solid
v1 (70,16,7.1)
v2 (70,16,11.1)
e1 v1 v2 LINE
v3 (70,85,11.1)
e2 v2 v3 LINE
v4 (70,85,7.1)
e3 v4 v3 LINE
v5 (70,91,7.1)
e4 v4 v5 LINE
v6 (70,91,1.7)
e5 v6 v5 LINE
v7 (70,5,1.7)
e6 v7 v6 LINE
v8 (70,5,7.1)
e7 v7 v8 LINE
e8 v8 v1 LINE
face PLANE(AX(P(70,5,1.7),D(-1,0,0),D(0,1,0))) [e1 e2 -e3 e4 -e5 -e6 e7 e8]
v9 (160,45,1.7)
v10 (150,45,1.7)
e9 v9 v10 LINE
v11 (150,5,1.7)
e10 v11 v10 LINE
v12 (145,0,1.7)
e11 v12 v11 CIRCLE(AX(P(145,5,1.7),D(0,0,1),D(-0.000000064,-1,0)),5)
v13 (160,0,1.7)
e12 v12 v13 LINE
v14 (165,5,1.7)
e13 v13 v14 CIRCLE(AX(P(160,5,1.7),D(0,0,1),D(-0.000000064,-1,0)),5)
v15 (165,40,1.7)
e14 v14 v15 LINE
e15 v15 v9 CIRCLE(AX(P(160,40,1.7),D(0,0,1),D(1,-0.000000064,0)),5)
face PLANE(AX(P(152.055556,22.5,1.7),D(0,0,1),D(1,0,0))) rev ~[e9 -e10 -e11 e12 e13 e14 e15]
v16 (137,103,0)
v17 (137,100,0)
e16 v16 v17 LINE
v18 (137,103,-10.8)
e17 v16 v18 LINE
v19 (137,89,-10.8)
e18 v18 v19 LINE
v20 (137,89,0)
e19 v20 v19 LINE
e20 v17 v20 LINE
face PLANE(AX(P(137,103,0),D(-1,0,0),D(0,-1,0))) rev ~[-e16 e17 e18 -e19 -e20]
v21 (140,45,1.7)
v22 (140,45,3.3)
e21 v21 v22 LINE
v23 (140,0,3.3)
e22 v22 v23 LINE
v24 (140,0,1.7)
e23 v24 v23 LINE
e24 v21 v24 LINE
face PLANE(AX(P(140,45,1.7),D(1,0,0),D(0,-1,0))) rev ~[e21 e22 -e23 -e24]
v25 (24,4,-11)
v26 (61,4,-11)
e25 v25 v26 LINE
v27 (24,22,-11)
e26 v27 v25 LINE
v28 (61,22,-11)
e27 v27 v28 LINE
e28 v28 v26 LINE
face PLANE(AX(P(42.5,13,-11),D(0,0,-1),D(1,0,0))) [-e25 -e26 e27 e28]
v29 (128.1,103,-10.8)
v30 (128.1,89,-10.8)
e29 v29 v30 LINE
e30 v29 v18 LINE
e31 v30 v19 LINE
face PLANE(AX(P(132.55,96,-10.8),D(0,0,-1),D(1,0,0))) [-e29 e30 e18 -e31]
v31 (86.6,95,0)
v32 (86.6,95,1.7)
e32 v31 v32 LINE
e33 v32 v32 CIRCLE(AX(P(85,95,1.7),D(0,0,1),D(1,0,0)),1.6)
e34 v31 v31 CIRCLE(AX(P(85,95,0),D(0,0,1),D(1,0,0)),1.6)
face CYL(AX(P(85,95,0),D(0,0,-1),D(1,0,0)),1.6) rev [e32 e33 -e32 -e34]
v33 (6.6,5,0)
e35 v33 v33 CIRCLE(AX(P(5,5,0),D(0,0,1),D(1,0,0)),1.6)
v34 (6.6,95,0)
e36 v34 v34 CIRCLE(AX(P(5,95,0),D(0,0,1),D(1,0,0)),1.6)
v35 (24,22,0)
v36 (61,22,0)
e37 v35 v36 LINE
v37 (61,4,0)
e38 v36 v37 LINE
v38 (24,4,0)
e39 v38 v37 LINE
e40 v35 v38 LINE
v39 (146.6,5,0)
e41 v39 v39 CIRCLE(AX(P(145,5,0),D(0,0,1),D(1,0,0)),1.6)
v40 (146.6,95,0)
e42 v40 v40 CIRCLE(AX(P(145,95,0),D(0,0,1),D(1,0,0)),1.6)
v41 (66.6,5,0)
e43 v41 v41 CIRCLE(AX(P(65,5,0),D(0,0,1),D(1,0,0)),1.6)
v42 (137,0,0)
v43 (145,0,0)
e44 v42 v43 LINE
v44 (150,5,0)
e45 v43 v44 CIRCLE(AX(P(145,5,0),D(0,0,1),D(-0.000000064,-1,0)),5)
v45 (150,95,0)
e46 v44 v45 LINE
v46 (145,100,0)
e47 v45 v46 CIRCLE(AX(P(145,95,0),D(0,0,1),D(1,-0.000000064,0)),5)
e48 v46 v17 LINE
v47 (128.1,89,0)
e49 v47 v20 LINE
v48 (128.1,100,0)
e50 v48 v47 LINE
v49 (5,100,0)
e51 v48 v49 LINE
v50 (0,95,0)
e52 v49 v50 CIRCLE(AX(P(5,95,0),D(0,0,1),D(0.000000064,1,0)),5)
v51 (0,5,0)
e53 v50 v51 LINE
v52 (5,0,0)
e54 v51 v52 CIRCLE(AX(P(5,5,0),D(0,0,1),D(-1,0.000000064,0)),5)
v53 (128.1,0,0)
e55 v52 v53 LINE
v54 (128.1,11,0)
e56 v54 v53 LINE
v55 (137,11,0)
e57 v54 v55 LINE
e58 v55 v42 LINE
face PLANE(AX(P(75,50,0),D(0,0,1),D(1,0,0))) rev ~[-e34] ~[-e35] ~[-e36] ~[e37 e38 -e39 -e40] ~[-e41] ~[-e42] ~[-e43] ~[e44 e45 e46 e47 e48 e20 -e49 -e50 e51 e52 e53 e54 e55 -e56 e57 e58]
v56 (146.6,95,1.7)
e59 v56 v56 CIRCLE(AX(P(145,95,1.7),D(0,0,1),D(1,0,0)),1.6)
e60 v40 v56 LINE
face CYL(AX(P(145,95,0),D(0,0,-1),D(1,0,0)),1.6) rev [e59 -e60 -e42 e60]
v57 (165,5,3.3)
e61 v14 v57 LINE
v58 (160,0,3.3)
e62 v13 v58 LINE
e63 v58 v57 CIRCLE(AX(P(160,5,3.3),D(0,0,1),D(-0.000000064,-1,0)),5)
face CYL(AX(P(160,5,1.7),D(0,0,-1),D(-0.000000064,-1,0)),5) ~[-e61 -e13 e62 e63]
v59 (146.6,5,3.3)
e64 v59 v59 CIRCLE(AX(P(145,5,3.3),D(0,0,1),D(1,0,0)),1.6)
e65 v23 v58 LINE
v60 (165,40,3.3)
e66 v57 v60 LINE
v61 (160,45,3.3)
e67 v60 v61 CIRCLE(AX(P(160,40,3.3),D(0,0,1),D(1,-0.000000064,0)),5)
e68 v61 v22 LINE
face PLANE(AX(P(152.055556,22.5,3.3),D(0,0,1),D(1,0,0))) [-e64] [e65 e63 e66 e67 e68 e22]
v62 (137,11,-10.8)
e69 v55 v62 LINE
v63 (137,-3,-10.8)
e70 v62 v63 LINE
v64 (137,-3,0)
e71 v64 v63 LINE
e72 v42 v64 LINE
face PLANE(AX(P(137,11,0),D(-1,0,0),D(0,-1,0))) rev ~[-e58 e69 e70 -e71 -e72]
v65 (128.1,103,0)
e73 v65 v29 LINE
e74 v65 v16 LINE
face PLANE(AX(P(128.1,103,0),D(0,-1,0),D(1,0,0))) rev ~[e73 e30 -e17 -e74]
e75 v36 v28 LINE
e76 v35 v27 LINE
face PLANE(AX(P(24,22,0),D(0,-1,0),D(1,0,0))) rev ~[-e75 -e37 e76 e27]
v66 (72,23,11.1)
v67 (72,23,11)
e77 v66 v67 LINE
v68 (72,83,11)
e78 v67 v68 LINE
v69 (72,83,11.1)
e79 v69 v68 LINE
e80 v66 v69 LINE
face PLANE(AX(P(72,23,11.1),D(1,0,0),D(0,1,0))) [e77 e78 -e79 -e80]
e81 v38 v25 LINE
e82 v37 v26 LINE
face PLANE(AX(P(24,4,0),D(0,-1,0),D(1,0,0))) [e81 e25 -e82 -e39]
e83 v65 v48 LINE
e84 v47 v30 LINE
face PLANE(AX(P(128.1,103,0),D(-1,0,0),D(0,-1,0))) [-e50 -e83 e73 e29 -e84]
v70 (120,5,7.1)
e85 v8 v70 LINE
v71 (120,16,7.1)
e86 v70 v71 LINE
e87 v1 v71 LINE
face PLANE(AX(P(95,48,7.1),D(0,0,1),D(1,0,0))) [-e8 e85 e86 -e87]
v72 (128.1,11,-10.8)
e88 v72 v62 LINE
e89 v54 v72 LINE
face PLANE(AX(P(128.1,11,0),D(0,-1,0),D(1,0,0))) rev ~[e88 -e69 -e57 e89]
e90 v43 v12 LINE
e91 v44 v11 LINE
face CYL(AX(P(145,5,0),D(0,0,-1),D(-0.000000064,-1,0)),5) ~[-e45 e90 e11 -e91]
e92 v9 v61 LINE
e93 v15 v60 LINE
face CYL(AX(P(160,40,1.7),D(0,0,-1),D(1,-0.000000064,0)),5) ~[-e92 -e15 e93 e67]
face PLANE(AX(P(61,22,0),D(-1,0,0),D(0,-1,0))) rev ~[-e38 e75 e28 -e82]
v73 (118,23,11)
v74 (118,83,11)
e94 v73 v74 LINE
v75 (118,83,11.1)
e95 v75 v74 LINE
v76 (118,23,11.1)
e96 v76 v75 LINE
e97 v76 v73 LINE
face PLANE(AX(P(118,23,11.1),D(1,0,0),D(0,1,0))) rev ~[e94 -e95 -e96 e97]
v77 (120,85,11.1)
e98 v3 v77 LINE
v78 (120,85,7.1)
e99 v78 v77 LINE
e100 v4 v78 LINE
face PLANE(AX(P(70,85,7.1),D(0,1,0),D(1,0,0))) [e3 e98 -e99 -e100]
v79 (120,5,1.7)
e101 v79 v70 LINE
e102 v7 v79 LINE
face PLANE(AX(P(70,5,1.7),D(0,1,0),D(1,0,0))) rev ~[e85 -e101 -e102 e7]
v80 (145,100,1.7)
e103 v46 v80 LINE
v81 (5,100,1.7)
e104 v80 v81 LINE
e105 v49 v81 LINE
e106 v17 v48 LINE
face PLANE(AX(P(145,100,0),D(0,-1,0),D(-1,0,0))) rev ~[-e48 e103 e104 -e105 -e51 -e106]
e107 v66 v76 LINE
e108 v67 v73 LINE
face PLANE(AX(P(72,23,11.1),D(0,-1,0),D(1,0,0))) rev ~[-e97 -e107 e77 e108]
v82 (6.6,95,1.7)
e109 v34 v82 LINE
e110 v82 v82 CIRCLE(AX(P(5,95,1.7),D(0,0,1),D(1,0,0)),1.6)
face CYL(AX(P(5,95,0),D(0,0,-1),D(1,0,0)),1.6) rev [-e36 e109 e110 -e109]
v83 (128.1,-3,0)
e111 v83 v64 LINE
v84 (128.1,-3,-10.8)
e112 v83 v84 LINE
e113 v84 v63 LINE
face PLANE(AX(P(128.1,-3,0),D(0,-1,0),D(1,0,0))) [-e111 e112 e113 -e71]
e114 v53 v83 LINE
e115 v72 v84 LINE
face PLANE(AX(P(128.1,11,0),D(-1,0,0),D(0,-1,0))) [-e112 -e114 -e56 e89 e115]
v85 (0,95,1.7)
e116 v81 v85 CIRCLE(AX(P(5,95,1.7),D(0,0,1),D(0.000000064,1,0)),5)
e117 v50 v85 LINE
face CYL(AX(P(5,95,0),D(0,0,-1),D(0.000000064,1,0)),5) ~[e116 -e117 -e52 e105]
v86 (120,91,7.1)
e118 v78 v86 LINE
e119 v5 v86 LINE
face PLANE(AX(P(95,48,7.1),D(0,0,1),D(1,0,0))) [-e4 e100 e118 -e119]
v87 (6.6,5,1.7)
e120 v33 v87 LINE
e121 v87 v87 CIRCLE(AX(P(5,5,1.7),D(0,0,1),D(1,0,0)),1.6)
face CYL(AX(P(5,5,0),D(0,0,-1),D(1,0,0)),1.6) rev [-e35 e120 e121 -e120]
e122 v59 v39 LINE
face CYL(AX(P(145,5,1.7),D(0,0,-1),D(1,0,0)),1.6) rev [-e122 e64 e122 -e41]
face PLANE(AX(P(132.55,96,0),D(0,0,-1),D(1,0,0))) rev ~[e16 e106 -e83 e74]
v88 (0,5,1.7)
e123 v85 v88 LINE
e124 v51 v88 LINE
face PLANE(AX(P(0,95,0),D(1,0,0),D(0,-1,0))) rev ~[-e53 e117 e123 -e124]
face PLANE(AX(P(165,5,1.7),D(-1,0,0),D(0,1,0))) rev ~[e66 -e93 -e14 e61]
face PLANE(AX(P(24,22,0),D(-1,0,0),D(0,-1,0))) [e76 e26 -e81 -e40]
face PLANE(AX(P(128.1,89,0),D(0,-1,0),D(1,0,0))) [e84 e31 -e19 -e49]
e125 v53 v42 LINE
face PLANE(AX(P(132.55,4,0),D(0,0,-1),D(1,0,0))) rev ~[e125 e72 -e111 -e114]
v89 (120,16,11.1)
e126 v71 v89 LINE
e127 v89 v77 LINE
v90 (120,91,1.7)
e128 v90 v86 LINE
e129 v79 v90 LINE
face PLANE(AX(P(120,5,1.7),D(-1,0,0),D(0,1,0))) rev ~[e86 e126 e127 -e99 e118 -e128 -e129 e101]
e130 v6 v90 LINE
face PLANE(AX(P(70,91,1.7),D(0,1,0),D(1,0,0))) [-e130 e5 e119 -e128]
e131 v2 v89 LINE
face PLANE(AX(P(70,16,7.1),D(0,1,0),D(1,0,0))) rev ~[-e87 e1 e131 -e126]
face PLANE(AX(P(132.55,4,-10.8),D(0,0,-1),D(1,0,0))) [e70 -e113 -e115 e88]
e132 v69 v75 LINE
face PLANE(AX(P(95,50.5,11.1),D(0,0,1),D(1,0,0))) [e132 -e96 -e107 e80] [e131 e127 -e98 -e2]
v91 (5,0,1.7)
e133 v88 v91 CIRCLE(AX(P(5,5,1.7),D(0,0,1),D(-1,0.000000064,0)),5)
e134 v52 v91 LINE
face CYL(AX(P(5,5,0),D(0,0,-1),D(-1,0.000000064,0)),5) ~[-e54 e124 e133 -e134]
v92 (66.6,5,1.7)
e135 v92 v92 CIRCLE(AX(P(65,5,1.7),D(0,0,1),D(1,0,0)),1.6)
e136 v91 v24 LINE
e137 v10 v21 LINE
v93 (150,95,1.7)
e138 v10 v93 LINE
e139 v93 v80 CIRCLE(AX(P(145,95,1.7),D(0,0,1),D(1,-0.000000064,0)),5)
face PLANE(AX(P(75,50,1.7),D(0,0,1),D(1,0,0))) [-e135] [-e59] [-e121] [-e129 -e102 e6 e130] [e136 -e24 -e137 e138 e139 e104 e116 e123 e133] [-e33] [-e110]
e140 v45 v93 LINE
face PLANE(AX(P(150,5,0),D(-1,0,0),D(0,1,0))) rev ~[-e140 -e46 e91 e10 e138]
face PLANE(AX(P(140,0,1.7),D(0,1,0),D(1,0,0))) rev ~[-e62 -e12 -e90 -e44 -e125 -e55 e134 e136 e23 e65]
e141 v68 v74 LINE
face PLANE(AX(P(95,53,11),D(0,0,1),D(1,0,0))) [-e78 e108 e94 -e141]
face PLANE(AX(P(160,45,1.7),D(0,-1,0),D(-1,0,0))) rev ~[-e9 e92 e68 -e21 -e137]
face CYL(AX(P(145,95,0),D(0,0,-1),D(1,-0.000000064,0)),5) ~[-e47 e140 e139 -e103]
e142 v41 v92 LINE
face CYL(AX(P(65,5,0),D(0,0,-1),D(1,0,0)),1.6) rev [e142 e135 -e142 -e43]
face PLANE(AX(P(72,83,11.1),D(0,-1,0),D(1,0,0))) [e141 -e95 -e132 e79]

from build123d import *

# Parameters (mm, degrees)
F0_R      = 1.6
F1_DEPTH  = 1.7
F2_W      = 50
F2_H      = 86
F3_DEPTH  = 5.4
F4_W      = 50
F4_H      = 69
F5_DEPTH  = 4
F6_W      = 46
F6_H      = 60
F7_DEPTH  = 0.1
F8_R      = 1.6
F9_DEPTH  = 1.6
F10_W     = 37
F10_H     = 18
F11_DEPTH = 11
F12_W     = 8.9
F12_H     = 14
F13_DEPTH = 10.8


with BuildPart() as f1:
    # F0 (on Top) → F1 (new body)
    with BuildSketch(Plane.XY):
        with BuildLine():
            ThreePointArc((0, 5), (1.464466, 1.464466), (5, 0))
            Line((5, 0), (145, 0))
            ThreePointArc((145, 0), (148.535534, 1.464466), (150, 5))
            Line((150, 5), (150, 95))
            ThreePointArc((150, 95), (148.535534, 98.535534), (145, 100))
            Line((145, 100), (5, 100))
            ThreePointArc((5, 100), (1.464466, 98.535534), (0, 95))
            Line((0, 95), (0, 5))
        make_face()
        with Locations((5, 5)):
            Circle(F0_R, mode=Mode.SUBTRACT)
        with Locations((65, 5)):
            Circle(F0_R, mode=Mode.SUBTRACT)
        with Locations((145, 5)):
            Circle(F0_R, mode=Mode.SUBTRACT)
        with Locations((5, 95)):
            Circle(F0_R, mode=Mode.SUBTRACT)
        with Locations((85, 95)):
            Circle(F0_R, mode=Mode.SUBTRACT)
        with Locations((145, 95)):
            Circle(F0_R, mode=Mode.SUBTRACT)
    extrude(amount=F1_DEPTH)

    # F2 (on face) → F3 (join)
    with BuildSketch(Plane.XY.offset(1.7)):
        with Locations((95, 48)):
            Rectangle(F2_W, F2_H)
    extrude(amount=F3_DEPTH)

    # F4 (on face) → F5 (join)
    with BuildSketch(Plane.XY.offset(7.1)):
        with Locations((95, 50.5)):
            Rectangle(F4_W, F4_H)
    extrude(amount=F5_DEPTH)

    # F6 (on face) → F7 (cut)
    with BuildSketch(Plane.XY.offset(11.1)):
        with Locations((95, 53)):
            Rectangle(F6_W, F6_H)
    extrude(amount=-F7_DEPTH, mode=Mode.SUBTRACT)

    # F8 (on face) → F9 (join)
    with BuildSketch(Plane.XY.offset(1.7)):
        with BuildLine():
            Line((140, 45), (140, 0))
            Line((140, 0), (160, 0))
            ThreePointArc((160, 0), (163.535534, 1.464466), (165, 5))
            Line((165, 5), (165, 40))
            ThreePointArc((165, 40), (163.535534, 43.535534), (160, 45))
            Line((160, 45), (140, 45))
        make_face()
        with Locations((145, 5)):
            Circle(F8_R, mode=Mode.SUBTRACT)
    extrude(amount=F9_DEPTH)

    # F10 (on face) → F11 (join)
    with BuildSketch(Plane(origin=(0, 0, 0), x_dir=(1, 0, 0), z_dir=(0, 0, -1))):
        with Locations((42.5, -13)):
            Rectangle(F10_W, F10_H)
    extrude(amount=F11_DEPTH)

    # F12 (on face) → F13 (join)
    with BuildSketch(Plane(origin=(0, 0, 0), x_dir=(1, 0, 0), z_dir=(0, 0, -1))):
        with Locations((132.55, -96)):
            Rectangle(F12_W, F12_H)
        with Locations((132.55, -4)):
            Rectangle(F12_W, F12_H)
    extrude(amount=F13_DEPTH)


solid = f1.part
